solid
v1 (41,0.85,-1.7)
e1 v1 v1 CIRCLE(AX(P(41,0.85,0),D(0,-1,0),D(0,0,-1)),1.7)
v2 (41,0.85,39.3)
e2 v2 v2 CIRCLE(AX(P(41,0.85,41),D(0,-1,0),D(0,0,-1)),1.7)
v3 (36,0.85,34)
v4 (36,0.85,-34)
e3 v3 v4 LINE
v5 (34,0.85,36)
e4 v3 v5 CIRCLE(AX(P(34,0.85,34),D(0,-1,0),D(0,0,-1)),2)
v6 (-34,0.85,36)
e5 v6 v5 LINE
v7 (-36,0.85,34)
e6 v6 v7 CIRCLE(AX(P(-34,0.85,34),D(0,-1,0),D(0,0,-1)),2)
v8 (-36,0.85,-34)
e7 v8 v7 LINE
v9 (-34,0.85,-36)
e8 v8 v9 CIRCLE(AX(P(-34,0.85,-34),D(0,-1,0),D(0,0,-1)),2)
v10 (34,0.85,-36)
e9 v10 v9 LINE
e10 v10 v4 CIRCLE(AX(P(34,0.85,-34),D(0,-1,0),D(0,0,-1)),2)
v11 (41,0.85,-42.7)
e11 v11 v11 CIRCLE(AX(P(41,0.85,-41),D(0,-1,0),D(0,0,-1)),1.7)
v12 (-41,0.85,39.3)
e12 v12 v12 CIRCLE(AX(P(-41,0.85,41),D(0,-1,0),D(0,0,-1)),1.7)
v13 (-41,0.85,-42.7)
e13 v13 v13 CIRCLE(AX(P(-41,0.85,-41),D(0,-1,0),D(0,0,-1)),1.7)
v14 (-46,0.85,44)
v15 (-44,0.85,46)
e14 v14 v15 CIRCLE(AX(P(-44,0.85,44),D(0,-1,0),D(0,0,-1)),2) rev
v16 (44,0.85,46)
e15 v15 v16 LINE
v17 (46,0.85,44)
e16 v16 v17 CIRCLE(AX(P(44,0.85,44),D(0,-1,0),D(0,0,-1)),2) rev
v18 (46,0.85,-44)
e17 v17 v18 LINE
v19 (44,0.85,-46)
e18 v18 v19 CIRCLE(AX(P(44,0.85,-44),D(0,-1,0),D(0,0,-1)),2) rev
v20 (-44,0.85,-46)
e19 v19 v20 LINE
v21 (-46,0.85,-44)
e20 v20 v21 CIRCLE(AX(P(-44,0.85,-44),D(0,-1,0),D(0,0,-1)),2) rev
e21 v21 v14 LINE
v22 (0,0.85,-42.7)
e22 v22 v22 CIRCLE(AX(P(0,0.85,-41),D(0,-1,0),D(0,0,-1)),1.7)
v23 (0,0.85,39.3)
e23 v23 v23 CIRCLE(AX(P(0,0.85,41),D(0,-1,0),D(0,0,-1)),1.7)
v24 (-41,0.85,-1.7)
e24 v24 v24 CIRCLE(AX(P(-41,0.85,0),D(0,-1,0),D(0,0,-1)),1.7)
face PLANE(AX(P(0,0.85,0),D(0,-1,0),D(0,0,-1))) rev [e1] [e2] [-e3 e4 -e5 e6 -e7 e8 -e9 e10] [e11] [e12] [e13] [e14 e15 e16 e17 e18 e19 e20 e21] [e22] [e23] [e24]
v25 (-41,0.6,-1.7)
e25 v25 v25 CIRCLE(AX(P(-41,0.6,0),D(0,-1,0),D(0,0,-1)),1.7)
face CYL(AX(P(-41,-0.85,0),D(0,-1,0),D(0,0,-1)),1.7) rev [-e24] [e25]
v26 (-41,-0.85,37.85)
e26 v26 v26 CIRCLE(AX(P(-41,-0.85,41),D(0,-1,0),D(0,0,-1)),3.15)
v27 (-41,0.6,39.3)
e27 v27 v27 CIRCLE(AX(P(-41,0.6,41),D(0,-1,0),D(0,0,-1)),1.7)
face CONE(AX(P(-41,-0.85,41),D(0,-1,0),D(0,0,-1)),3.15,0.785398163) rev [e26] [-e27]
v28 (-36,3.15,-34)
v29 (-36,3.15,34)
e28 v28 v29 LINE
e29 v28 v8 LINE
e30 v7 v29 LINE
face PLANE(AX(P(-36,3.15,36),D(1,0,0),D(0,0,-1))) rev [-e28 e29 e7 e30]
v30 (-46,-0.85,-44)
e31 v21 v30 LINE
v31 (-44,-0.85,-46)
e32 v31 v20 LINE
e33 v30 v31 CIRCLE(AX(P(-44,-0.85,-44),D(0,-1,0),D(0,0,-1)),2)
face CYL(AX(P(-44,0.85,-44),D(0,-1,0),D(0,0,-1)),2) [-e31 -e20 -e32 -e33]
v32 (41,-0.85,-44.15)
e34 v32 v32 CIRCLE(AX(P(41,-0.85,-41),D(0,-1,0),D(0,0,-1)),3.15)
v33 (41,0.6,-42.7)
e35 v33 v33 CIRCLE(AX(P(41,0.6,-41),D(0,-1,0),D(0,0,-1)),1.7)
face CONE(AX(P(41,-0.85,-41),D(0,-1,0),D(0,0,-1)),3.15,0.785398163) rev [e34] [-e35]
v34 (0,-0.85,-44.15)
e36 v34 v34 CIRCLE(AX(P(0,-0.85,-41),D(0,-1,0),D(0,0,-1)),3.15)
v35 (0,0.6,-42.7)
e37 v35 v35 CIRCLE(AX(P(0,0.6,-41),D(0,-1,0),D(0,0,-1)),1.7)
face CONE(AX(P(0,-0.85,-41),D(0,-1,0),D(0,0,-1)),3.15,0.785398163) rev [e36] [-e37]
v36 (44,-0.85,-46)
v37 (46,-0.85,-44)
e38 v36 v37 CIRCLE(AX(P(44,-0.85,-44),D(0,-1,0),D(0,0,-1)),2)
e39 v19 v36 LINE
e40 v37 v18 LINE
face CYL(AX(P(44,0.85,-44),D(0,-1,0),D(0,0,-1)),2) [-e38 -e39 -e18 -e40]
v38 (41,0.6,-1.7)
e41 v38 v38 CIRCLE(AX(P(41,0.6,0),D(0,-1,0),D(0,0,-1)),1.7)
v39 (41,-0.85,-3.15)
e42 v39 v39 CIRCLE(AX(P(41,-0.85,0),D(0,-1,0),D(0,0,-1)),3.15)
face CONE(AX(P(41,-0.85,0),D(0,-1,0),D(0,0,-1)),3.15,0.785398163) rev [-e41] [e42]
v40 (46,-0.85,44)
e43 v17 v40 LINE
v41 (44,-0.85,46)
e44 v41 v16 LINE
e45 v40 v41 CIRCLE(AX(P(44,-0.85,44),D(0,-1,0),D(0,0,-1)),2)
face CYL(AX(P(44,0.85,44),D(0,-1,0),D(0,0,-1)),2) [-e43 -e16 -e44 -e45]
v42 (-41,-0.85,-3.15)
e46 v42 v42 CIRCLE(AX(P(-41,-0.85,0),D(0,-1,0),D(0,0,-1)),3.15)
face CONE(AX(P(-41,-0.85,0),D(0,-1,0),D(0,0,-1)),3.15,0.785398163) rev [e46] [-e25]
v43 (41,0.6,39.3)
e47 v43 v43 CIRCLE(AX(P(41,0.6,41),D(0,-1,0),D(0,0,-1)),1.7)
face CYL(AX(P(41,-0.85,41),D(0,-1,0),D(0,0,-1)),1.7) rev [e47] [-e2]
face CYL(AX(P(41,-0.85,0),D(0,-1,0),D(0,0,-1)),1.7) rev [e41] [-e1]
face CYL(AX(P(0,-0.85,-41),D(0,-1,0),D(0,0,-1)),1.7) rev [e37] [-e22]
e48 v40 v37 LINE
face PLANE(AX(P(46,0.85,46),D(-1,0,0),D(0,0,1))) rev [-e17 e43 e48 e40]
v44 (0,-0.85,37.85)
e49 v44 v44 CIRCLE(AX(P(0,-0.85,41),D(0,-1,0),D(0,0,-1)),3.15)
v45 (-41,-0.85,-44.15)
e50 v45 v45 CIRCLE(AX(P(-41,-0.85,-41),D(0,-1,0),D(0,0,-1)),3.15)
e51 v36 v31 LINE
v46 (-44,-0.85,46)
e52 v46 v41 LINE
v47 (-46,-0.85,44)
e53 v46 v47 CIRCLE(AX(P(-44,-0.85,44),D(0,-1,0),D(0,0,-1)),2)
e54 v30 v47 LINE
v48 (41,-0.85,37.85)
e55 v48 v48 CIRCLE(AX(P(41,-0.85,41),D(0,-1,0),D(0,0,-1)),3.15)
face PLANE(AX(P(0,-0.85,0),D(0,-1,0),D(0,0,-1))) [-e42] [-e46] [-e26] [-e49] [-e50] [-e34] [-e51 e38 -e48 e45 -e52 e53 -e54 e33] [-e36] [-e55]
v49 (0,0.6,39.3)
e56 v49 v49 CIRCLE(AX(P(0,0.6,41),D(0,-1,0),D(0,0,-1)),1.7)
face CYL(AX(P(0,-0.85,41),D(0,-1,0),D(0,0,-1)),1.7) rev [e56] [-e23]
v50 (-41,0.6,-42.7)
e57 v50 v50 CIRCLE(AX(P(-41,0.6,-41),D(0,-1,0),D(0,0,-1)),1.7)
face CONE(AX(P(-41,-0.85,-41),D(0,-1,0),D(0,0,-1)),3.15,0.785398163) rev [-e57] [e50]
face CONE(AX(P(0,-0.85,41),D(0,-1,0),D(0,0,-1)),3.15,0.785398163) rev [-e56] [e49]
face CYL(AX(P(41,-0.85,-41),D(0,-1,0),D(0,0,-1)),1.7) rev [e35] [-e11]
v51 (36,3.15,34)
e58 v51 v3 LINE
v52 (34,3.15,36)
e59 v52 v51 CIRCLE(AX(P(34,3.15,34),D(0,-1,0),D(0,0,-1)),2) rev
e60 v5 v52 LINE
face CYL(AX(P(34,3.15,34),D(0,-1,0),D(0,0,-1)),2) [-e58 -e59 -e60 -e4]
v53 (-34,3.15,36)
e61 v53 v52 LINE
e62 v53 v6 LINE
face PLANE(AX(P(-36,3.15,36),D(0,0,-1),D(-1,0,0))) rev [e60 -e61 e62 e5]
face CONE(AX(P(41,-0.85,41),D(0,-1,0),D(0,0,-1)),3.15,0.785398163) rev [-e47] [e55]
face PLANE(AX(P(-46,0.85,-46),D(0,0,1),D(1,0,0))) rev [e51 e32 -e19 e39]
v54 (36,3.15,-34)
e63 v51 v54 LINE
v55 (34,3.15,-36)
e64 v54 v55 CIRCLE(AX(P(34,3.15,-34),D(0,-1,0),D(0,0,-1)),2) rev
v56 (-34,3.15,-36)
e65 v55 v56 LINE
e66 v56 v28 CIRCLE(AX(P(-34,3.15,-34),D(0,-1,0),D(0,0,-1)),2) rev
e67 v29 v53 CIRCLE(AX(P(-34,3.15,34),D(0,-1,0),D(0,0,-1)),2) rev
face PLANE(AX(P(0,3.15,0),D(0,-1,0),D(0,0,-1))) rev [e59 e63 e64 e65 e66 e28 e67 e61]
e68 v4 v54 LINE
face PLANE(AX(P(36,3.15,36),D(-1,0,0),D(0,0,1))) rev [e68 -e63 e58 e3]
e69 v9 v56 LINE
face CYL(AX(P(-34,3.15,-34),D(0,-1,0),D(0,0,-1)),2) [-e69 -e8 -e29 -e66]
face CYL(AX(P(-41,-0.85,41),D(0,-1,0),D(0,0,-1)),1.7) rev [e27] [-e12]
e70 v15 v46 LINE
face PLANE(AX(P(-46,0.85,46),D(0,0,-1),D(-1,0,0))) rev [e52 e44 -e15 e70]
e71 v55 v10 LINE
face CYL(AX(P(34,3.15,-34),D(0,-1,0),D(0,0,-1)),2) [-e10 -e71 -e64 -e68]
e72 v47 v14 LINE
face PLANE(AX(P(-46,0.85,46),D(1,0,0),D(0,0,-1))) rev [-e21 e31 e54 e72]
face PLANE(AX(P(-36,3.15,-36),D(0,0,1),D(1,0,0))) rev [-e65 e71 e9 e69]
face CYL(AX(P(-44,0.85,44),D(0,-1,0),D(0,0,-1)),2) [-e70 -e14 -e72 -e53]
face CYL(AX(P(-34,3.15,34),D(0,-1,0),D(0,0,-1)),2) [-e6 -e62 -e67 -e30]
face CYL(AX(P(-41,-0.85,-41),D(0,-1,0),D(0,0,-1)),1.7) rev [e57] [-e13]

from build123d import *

# Parameters (mm, degrees)
SKETCH1_W                                       = 92
SKETCH1_H                                       = 92
BOSS_EXTRUDE1_DEPTH                             = 0.85
SKETCH2_W                                       = 72
SKETCH2_H                                       = 72
BOSS_EXTRUDE2_DEPTH                             = 2.3
CSK_FOR_M3_FLAT_HEAD_MACHINE_SCREW1_D           = 3.4
CSK_FOR_M3_FLAT_HEAD_MACHINE_SCREW1_CSINK_D     = 6.3
CSK_FOR_M3_FLAT_HEAD_MACHINE_SCREW1_CSINK_ANGLE = 90
FILLET1_R                                       = 2


with BuildPart() as part:
    # Sketch1 → Boss-Extrude1 (new, symmetric)
    with BuildSketch(Plane(origin=(0, 0, 0), x_dir=(1, 0, 0), z_dir=(0, 1, 0))):
        Rectangle(SKETCH1_W, SKETCH1_H)
    extrude(amount=BOSS_EXTRUDE1_DEPTH, both=True)

    # Sketch2 → Boss-Extrude2 (add)
    with BuildSketch(Plane(origin=(0, 0.85, 0), x_dir=(1, 0, 0), z_dir=(0, 1, 0))):
        Rectangle(SKETCH2_W, SKETCH2_H)
    extrude(amount=BOSS_EXTRUDE2_DEPTH)

    # CSK for M3 Flat Head Machine Screw1 (through all)
    with Locations(Plane(origin=(-41, -0.85, 41), x_dir=(0, 0, -1), z_dir=(0, -1, 0))):
        with Locations((0, 0), (0, 41), (0, 82), (41, 82), (82, 82), (82, 41), (82, 0), (41, 0)):
            CounterSinkHole(CSK_FOR_M3_FLAT_HEAD_MACHINE_SCREW1_D / 2, CSK_FOR_M3_FLAT_HEAD_MACHINE_SCREW1_CSINK_D / 2, counter_sink_angle=CSK_FOR_M3_FLAT_HEAD_MACHINE_SCREW1_CSINK_ANGLE)

    # Fillet1
    fillet1_edges = [part.edges().sort_by_distance(p)[0] for p in [
        (36, 2, 36),
        (36, 2, -36),
        (-36, 2, -36),
        (-36, 2, 36),
        (46, 0, 46),
        (-46, 0, 46),
        (-46, 0, -46),
        (46, 0, -46),
    ]]
    fillet(fillet1_edges, radius=FILLET1_R)


solid = part.part
